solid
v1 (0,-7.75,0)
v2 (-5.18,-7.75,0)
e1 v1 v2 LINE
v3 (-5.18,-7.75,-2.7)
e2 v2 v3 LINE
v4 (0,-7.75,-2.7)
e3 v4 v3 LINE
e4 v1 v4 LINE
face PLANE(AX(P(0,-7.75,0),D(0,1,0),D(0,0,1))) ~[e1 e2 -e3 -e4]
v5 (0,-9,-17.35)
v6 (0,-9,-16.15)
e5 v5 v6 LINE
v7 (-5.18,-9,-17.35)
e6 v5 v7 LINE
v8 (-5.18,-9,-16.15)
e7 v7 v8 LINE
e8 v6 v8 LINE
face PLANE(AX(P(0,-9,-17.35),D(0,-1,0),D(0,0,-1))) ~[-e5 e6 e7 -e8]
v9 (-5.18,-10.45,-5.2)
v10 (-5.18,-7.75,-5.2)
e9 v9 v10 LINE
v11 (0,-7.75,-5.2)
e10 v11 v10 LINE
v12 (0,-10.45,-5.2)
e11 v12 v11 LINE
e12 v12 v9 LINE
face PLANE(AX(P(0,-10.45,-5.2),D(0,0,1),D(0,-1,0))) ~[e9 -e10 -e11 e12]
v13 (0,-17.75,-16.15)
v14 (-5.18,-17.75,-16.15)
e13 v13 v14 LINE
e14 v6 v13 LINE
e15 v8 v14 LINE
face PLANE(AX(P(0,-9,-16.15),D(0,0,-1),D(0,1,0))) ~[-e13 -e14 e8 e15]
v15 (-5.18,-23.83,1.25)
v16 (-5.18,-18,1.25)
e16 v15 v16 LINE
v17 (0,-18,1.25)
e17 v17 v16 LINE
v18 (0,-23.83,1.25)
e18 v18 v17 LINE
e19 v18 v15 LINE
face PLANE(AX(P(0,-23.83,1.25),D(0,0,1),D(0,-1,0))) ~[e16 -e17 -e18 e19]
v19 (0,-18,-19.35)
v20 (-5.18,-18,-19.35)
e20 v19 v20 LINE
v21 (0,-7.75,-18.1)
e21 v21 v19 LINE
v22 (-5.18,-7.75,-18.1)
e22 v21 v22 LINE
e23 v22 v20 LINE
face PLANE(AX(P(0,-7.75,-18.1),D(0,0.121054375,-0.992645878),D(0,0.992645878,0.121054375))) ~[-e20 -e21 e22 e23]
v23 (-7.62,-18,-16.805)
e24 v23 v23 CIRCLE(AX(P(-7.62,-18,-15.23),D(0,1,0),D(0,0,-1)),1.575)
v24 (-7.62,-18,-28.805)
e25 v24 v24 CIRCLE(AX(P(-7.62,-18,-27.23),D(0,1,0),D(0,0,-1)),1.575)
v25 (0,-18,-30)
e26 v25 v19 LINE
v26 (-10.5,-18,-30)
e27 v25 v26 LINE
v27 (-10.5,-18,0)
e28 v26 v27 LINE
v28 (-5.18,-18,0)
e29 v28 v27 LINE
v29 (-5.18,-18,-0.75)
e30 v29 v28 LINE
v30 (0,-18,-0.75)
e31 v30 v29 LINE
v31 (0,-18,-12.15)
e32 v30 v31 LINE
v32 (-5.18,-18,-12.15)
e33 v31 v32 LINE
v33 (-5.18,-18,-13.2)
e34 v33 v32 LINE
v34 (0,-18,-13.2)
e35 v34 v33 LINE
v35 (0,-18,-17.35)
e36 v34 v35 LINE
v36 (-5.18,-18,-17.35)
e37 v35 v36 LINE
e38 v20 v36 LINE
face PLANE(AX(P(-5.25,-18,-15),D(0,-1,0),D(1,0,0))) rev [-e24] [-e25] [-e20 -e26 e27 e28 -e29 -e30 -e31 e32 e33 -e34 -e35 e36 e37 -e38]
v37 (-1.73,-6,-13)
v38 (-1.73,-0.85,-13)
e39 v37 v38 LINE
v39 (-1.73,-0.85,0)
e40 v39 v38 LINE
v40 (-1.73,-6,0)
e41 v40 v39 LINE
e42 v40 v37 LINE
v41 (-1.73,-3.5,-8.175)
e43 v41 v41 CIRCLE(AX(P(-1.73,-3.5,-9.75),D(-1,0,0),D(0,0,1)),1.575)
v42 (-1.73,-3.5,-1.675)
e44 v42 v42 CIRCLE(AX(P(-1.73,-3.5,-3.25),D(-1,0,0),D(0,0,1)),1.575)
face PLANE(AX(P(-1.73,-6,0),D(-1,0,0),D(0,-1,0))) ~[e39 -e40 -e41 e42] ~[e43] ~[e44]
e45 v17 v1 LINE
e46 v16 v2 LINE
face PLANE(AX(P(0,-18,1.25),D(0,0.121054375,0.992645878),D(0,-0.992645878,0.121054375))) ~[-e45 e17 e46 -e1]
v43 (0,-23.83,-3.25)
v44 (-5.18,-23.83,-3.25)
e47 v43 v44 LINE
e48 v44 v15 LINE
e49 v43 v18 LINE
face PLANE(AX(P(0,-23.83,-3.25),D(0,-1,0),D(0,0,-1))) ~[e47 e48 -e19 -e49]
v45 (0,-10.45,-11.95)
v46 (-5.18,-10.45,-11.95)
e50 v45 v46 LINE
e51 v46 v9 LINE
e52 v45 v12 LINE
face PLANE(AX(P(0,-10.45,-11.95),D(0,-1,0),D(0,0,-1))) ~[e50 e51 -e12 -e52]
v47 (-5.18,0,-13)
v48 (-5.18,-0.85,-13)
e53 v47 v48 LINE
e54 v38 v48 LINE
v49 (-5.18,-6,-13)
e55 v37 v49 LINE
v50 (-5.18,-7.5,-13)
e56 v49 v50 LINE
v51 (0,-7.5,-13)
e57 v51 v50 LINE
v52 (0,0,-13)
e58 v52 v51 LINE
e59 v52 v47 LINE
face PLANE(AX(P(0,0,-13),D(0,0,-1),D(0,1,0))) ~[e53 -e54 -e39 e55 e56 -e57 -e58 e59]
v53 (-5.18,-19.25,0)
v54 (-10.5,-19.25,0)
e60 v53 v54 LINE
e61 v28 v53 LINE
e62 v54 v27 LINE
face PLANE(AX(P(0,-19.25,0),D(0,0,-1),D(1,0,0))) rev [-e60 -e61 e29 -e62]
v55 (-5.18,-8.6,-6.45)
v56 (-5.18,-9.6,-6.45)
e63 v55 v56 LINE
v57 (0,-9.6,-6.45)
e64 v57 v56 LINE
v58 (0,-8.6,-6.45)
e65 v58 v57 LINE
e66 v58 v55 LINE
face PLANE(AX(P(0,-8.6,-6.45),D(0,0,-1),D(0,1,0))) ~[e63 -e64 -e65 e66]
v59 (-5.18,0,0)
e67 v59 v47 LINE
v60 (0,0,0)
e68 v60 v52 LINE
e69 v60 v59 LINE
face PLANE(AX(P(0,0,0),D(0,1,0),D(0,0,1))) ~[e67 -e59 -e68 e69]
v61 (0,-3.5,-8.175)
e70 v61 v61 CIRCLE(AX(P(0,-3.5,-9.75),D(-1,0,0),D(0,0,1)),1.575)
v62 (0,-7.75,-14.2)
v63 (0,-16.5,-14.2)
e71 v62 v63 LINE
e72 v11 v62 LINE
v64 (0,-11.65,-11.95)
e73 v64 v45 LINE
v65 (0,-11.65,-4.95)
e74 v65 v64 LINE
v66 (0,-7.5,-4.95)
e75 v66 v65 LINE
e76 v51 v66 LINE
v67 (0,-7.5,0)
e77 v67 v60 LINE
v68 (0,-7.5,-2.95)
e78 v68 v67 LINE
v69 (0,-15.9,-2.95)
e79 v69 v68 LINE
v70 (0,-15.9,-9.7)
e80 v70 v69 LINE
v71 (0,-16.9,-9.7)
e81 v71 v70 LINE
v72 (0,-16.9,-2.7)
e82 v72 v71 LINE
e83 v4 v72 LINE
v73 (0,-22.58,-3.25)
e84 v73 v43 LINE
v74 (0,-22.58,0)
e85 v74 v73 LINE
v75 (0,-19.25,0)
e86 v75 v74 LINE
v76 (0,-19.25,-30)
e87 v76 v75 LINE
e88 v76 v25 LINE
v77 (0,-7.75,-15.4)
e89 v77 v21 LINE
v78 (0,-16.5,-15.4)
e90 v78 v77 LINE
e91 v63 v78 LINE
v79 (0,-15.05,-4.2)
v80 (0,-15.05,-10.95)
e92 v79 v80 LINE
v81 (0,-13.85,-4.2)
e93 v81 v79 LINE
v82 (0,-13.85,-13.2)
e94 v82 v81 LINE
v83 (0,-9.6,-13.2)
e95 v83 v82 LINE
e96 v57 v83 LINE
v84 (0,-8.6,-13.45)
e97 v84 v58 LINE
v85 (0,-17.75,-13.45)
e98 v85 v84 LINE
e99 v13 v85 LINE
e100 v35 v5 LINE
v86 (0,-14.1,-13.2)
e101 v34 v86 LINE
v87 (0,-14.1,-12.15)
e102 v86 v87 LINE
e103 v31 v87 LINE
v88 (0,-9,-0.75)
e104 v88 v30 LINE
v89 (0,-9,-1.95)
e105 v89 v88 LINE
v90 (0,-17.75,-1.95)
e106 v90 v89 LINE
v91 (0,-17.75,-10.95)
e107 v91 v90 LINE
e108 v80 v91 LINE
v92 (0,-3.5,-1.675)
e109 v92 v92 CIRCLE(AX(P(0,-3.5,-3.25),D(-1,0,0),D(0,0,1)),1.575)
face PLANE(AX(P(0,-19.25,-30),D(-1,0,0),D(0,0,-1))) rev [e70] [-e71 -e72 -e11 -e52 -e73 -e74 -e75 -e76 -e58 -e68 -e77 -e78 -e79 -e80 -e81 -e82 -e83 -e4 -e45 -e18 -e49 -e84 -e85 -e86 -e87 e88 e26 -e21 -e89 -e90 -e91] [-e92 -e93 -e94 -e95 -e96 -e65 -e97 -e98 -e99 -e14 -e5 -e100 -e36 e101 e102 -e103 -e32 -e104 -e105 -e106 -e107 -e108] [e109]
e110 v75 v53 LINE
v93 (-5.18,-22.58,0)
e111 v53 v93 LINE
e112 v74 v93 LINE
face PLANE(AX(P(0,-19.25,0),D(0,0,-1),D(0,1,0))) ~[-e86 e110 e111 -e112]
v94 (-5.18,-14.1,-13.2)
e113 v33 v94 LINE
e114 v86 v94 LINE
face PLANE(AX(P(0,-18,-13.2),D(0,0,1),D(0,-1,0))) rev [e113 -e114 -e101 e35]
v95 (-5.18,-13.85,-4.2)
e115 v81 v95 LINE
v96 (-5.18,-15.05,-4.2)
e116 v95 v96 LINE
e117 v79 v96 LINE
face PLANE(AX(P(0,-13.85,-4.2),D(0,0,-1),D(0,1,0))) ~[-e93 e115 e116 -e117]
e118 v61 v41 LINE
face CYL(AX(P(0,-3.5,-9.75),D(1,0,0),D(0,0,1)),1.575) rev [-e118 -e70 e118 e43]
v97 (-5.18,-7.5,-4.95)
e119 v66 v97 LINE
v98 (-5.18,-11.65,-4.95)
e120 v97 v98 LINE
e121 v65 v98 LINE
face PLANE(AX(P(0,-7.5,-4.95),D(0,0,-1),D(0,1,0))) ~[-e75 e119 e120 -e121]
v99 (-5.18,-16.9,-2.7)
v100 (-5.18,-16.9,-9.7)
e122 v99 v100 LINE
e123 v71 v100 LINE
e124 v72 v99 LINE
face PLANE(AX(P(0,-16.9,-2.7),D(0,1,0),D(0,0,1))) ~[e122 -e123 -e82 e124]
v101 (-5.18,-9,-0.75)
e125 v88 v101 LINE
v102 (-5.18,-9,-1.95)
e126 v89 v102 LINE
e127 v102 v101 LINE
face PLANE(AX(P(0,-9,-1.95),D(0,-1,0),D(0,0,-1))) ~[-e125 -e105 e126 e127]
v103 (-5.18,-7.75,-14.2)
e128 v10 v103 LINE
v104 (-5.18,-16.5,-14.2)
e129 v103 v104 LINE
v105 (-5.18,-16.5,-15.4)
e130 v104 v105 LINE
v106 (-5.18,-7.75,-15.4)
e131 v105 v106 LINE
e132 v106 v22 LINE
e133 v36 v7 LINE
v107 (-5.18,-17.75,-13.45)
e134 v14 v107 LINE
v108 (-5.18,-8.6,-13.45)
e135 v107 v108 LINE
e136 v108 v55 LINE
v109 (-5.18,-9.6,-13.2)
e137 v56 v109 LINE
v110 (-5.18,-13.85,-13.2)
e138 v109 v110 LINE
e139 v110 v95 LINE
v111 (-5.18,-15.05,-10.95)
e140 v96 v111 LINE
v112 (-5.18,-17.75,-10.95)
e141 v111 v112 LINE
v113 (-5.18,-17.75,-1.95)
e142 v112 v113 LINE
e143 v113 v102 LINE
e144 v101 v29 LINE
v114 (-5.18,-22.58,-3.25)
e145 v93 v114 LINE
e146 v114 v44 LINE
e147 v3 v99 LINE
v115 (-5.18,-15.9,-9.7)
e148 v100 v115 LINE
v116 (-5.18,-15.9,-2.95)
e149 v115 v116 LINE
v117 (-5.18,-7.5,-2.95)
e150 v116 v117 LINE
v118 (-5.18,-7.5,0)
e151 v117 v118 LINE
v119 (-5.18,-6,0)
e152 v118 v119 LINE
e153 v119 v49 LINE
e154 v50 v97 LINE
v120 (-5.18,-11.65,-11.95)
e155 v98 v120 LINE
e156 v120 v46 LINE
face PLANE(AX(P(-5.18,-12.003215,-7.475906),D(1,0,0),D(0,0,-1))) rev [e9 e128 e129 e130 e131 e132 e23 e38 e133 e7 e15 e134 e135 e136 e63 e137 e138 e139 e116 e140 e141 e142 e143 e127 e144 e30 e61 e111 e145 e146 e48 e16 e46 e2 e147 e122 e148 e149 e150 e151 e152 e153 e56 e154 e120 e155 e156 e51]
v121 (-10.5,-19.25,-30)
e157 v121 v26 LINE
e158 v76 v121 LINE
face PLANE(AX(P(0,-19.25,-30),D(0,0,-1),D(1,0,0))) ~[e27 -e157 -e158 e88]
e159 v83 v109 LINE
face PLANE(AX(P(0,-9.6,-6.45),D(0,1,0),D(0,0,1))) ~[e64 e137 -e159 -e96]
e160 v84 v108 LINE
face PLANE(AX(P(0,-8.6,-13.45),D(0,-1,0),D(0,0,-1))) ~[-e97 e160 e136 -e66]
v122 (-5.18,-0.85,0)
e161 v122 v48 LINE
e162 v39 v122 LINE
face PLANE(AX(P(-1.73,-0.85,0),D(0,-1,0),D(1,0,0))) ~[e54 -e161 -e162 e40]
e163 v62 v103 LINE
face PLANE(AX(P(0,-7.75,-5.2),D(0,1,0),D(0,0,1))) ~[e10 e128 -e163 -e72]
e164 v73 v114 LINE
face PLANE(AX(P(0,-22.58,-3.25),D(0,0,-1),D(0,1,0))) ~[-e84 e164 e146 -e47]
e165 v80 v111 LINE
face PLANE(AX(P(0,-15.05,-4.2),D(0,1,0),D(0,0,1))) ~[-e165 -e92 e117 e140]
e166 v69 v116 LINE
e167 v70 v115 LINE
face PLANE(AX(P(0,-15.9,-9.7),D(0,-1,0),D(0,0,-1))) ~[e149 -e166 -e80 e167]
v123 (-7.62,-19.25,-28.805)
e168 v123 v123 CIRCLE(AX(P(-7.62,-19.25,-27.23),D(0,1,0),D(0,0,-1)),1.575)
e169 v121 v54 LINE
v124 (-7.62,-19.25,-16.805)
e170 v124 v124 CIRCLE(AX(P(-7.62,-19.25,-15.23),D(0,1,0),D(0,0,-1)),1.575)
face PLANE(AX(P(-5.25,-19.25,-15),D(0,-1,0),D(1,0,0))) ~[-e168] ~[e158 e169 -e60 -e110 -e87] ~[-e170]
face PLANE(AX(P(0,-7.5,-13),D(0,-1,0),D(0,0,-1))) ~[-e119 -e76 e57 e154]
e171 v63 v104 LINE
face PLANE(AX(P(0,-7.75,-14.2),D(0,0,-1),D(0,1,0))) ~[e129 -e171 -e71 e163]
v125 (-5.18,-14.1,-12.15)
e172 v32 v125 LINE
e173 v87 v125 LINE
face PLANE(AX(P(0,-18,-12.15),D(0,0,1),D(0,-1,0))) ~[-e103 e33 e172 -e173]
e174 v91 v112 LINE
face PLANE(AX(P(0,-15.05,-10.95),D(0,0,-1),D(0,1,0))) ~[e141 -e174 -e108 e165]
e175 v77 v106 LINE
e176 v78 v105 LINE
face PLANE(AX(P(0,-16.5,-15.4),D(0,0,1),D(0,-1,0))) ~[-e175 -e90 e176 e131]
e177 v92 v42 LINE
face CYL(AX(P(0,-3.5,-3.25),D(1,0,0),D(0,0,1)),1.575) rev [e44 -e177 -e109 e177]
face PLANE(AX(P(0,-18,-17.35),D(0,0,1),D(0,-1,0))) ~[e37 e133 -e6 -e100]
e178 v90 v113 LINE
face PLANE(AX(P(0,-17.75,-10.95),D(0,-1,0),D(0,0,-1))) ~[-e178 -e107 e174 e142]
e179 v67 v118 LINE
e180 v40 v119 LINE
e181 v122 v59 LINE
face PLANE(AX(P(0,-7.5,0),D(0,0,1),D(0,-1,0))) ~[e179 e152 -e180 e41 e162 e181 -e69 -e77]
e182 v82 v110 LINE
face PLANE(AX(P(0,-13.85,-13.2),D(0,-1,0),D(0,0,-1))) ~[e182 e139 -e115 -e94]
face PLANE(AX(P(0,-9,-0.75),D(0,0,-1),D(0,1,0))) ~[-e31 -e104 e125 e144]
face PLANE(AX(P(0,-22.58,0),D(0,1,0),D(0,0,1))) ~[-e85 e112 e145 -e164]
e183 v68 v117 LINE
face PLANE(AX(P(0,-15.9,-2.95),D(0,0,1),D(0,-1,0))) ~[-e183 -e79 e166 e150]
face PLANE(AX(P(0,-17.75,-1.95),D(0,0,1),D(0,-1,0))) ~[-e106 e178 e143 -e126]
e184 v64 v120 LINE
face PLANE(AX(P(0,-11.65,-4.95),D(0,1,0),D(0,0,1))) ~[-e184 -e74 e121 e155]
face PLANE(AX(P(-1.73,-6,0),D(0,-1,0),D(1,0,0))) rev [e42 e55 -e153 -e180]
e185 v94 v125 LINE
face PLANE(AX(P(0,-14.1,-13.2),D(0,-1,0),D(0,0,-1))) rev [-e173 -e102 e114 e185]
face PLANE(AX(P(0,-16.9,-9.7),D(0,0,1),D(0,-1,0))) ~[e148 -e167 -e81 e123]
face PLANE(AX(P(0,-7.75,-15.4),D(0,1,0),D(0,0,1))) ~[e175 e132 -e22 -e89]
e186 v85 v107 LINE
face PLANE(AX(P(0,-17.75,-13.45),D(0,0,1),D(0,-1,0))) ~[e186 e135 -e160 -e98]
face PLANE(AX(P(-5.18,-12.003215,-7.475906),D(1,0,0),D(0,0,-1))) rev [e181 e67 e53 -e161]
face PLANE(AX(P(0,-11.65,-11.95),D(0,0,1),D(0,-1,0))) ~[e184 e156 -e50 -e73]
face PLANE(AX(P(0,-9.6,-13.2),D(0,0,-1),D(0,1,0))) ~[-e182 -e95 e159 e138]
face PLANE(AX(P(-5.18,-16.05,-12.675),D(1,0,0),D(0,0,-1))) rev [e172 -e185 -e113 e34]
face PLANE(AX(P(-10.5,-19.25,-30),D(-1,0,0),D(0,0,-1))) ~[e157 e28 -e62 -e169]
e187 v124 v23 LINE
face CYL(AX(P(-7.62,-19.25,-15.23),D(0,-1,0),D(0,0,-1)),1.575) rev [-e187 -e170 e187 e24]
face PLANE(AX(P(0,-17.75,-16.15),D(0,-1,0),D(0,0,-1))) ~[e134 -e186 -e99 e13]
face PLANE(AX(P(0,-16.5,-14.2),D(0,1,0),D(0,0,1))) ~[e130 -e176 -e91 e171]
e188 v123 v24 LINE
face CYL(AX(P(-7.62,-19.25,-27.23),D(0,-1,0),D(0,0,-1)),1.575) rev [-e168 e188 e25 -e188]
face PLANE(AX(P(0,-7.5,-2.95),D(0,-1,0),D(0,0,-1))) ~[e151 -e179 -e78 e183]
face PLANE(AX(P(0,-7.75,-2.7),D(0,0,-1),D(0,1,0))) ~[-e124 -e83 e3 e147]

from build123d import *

# Parameters (mm, degrees)
BOSS_EXTRUDE1_DEPTH = 5.18
CUT_EXTRUDE1_REACH  = 33.131
SKETCH2_W           = 3.45
SKETCH2_H           = 5.15
SKETCH3_W           = 10.5
SKETCH3_H           = 30
SKETCH3_R           = 1.575
BOSS_EXTRUDE2_DEPTH = 1.25
CUT_EXTRUDE3_REACH  = 41.726
SKETCH7_R           = 1.575
SKETCH9_W           = 1.05
SKETCH9_H           = 3.9
BOSS_EXTRUDE3_DEPTH = 5.18


with BuildPart() as part:
    # Sketch1 → Boss-Extrude1 (new body)
    with BuildSketch(Plane(origin=(0, 0, 0), x_dir=(0, 0, -1), z_dir=(1, 0, 0))):
        Polygon((0, 0), (13, 0), (13, -7.5), (4.95, -7.5), (4.95, -11.65), (11.95, -11.65), (11.95, -10.45), (5.2, -10.45), (5.2, -7.75), (14.2, -7.75), (14.2, -16.5), (15.4, -16.5), (15.4, -7.75), (18.1, -7.75), (19.35, -18), (19.35, -19.25), (0, -19.25), (0, -22.58), (3.25, -22.58), (3.25, -23.83), (-1.25, -23.83), (-1.25, -18), (0, -7.75), (2.7, -7.75), (2.7, -16.9), (9.7, -16.9), (9.7, -15.9), (2.95, -15.9), (2.95, -7.5), (0, -7.5), align=None)
        Polygon((13.2, -9.6), (13.2, -13.85), (4.2, -13.85), (4.2, -15.05), (10.95, -15.05), (10.95, -17.75), (1.95, -17.75), (1.95, -9), (0.75, -9), (0.75, -18), (17.35, -18), (17.35, -9), (16.15, -9), (16.15, -17.75), (13.45, -17.75), (13.45, -8.6), (6.45, -8.6), (6.45, -9.6), align=None, mode=Mode.SUBTRACT)
    extrude(amount=BOSS_EXTRUDE1_DEPTH)

    # Sketch2 → Cut-Extrude1 (cut, up to next)
    with BuildSketch(Plane.XY, mode=Mode.PRIVATE) as cut_extrude1_sk1:
        with Locations((3.455, -3.425)):
            Rectangle(SKETCH2_W, SKETCH2_H)
    cut_extrude1_tool1 = extrude(cut_extrude1_sk1.sketch, amount=-CUT_EXTRUDE1_REACH, mode=Mode.PRIVATE) & part.part
    add(cut_extrude1_tool1.solids().sort_by_distance((3.455, -3.425, 0))[0], mode=Mode.SUBTRACT)

    # Sketch3 → Boss-Extrude2 (add)
    with BuildSketch(Plane.XZ.offset(19.25)):
        with Locations((5.25, -15)):
            Rectangle(SKETCH3_W, SKETCH3_H)
        with Locations(Location((7.62, -15.23, 0), (0, 0, 270))):
            Circle(SKETCH3_R, mode=Mode.SUBTRACT)
        with Locations(Location((7.62, -27.23, 0), (0, 0, 270))):
            Circle(SKETCH3_R, mode=Mode.SUBTRACT)
    extrude(amount=-BOSS_EXTRUDE2_DEPTH)

    # Sketch7 → Cut-Extrude3 (cut, up to next)
    with BuildSketch(Plane.ZY, mode=Mode.PRIVATE) as cut_extrude3_sk1:
        with Locations((-3.25, -3.5)):
            Circle(SKETCH7_R)
    cut_extrude3_tool1 = extrude(cut_extrude3_sk1.sketch, amount=-CUT_EXTRUDE3_REACH, mode=Mode.PRIVATE) & part.part
    # Sketch7 → Cut-Extrude3 (cut, up to next)
    with BuildSketch(Plane.ZY, mode=Mode.PRIVATE) as cut_extrude3_sk2:
        with Locations((-9.75, -3.5)):
            Circle(SKETCH7_R)
    cut_extrude3_tool2 = extrude(cut_extrude3_sk2.sketch, amount=-CUT_EXTRUDE3_REACH, mode=Mode.PRIVATE) & part.part
    add(cut_extrude3_tool1.solids().sort_by_distance((0, -3.5, -3.25))[0], mode=Mode.SUBTRACT)
    add(cut_extrude3_tool2.solids().sort_by_distance((0, -3.5, -9.75))[0], mode=Mode.SUBTRACT)

    # Sketch9 → Boss-Extrude3 (add)
    with BuildSketch(Plane.ZY):
        with Locations((-12.675, -16.05)):
            Rectangle(SKETCH9_W, SKETCH9_H)
    extrude(amount=-BOSS_EXTRUDE3_DEPTH)


with BuildPart() as body_2:
    # Mirror3: mirrored copy
    add(part.part.mirror(Plane(origin=(0, 0, 0), x_dir=(0, 0, 1), z_dir=(1, 0, 0))))


solid = body_2.part
